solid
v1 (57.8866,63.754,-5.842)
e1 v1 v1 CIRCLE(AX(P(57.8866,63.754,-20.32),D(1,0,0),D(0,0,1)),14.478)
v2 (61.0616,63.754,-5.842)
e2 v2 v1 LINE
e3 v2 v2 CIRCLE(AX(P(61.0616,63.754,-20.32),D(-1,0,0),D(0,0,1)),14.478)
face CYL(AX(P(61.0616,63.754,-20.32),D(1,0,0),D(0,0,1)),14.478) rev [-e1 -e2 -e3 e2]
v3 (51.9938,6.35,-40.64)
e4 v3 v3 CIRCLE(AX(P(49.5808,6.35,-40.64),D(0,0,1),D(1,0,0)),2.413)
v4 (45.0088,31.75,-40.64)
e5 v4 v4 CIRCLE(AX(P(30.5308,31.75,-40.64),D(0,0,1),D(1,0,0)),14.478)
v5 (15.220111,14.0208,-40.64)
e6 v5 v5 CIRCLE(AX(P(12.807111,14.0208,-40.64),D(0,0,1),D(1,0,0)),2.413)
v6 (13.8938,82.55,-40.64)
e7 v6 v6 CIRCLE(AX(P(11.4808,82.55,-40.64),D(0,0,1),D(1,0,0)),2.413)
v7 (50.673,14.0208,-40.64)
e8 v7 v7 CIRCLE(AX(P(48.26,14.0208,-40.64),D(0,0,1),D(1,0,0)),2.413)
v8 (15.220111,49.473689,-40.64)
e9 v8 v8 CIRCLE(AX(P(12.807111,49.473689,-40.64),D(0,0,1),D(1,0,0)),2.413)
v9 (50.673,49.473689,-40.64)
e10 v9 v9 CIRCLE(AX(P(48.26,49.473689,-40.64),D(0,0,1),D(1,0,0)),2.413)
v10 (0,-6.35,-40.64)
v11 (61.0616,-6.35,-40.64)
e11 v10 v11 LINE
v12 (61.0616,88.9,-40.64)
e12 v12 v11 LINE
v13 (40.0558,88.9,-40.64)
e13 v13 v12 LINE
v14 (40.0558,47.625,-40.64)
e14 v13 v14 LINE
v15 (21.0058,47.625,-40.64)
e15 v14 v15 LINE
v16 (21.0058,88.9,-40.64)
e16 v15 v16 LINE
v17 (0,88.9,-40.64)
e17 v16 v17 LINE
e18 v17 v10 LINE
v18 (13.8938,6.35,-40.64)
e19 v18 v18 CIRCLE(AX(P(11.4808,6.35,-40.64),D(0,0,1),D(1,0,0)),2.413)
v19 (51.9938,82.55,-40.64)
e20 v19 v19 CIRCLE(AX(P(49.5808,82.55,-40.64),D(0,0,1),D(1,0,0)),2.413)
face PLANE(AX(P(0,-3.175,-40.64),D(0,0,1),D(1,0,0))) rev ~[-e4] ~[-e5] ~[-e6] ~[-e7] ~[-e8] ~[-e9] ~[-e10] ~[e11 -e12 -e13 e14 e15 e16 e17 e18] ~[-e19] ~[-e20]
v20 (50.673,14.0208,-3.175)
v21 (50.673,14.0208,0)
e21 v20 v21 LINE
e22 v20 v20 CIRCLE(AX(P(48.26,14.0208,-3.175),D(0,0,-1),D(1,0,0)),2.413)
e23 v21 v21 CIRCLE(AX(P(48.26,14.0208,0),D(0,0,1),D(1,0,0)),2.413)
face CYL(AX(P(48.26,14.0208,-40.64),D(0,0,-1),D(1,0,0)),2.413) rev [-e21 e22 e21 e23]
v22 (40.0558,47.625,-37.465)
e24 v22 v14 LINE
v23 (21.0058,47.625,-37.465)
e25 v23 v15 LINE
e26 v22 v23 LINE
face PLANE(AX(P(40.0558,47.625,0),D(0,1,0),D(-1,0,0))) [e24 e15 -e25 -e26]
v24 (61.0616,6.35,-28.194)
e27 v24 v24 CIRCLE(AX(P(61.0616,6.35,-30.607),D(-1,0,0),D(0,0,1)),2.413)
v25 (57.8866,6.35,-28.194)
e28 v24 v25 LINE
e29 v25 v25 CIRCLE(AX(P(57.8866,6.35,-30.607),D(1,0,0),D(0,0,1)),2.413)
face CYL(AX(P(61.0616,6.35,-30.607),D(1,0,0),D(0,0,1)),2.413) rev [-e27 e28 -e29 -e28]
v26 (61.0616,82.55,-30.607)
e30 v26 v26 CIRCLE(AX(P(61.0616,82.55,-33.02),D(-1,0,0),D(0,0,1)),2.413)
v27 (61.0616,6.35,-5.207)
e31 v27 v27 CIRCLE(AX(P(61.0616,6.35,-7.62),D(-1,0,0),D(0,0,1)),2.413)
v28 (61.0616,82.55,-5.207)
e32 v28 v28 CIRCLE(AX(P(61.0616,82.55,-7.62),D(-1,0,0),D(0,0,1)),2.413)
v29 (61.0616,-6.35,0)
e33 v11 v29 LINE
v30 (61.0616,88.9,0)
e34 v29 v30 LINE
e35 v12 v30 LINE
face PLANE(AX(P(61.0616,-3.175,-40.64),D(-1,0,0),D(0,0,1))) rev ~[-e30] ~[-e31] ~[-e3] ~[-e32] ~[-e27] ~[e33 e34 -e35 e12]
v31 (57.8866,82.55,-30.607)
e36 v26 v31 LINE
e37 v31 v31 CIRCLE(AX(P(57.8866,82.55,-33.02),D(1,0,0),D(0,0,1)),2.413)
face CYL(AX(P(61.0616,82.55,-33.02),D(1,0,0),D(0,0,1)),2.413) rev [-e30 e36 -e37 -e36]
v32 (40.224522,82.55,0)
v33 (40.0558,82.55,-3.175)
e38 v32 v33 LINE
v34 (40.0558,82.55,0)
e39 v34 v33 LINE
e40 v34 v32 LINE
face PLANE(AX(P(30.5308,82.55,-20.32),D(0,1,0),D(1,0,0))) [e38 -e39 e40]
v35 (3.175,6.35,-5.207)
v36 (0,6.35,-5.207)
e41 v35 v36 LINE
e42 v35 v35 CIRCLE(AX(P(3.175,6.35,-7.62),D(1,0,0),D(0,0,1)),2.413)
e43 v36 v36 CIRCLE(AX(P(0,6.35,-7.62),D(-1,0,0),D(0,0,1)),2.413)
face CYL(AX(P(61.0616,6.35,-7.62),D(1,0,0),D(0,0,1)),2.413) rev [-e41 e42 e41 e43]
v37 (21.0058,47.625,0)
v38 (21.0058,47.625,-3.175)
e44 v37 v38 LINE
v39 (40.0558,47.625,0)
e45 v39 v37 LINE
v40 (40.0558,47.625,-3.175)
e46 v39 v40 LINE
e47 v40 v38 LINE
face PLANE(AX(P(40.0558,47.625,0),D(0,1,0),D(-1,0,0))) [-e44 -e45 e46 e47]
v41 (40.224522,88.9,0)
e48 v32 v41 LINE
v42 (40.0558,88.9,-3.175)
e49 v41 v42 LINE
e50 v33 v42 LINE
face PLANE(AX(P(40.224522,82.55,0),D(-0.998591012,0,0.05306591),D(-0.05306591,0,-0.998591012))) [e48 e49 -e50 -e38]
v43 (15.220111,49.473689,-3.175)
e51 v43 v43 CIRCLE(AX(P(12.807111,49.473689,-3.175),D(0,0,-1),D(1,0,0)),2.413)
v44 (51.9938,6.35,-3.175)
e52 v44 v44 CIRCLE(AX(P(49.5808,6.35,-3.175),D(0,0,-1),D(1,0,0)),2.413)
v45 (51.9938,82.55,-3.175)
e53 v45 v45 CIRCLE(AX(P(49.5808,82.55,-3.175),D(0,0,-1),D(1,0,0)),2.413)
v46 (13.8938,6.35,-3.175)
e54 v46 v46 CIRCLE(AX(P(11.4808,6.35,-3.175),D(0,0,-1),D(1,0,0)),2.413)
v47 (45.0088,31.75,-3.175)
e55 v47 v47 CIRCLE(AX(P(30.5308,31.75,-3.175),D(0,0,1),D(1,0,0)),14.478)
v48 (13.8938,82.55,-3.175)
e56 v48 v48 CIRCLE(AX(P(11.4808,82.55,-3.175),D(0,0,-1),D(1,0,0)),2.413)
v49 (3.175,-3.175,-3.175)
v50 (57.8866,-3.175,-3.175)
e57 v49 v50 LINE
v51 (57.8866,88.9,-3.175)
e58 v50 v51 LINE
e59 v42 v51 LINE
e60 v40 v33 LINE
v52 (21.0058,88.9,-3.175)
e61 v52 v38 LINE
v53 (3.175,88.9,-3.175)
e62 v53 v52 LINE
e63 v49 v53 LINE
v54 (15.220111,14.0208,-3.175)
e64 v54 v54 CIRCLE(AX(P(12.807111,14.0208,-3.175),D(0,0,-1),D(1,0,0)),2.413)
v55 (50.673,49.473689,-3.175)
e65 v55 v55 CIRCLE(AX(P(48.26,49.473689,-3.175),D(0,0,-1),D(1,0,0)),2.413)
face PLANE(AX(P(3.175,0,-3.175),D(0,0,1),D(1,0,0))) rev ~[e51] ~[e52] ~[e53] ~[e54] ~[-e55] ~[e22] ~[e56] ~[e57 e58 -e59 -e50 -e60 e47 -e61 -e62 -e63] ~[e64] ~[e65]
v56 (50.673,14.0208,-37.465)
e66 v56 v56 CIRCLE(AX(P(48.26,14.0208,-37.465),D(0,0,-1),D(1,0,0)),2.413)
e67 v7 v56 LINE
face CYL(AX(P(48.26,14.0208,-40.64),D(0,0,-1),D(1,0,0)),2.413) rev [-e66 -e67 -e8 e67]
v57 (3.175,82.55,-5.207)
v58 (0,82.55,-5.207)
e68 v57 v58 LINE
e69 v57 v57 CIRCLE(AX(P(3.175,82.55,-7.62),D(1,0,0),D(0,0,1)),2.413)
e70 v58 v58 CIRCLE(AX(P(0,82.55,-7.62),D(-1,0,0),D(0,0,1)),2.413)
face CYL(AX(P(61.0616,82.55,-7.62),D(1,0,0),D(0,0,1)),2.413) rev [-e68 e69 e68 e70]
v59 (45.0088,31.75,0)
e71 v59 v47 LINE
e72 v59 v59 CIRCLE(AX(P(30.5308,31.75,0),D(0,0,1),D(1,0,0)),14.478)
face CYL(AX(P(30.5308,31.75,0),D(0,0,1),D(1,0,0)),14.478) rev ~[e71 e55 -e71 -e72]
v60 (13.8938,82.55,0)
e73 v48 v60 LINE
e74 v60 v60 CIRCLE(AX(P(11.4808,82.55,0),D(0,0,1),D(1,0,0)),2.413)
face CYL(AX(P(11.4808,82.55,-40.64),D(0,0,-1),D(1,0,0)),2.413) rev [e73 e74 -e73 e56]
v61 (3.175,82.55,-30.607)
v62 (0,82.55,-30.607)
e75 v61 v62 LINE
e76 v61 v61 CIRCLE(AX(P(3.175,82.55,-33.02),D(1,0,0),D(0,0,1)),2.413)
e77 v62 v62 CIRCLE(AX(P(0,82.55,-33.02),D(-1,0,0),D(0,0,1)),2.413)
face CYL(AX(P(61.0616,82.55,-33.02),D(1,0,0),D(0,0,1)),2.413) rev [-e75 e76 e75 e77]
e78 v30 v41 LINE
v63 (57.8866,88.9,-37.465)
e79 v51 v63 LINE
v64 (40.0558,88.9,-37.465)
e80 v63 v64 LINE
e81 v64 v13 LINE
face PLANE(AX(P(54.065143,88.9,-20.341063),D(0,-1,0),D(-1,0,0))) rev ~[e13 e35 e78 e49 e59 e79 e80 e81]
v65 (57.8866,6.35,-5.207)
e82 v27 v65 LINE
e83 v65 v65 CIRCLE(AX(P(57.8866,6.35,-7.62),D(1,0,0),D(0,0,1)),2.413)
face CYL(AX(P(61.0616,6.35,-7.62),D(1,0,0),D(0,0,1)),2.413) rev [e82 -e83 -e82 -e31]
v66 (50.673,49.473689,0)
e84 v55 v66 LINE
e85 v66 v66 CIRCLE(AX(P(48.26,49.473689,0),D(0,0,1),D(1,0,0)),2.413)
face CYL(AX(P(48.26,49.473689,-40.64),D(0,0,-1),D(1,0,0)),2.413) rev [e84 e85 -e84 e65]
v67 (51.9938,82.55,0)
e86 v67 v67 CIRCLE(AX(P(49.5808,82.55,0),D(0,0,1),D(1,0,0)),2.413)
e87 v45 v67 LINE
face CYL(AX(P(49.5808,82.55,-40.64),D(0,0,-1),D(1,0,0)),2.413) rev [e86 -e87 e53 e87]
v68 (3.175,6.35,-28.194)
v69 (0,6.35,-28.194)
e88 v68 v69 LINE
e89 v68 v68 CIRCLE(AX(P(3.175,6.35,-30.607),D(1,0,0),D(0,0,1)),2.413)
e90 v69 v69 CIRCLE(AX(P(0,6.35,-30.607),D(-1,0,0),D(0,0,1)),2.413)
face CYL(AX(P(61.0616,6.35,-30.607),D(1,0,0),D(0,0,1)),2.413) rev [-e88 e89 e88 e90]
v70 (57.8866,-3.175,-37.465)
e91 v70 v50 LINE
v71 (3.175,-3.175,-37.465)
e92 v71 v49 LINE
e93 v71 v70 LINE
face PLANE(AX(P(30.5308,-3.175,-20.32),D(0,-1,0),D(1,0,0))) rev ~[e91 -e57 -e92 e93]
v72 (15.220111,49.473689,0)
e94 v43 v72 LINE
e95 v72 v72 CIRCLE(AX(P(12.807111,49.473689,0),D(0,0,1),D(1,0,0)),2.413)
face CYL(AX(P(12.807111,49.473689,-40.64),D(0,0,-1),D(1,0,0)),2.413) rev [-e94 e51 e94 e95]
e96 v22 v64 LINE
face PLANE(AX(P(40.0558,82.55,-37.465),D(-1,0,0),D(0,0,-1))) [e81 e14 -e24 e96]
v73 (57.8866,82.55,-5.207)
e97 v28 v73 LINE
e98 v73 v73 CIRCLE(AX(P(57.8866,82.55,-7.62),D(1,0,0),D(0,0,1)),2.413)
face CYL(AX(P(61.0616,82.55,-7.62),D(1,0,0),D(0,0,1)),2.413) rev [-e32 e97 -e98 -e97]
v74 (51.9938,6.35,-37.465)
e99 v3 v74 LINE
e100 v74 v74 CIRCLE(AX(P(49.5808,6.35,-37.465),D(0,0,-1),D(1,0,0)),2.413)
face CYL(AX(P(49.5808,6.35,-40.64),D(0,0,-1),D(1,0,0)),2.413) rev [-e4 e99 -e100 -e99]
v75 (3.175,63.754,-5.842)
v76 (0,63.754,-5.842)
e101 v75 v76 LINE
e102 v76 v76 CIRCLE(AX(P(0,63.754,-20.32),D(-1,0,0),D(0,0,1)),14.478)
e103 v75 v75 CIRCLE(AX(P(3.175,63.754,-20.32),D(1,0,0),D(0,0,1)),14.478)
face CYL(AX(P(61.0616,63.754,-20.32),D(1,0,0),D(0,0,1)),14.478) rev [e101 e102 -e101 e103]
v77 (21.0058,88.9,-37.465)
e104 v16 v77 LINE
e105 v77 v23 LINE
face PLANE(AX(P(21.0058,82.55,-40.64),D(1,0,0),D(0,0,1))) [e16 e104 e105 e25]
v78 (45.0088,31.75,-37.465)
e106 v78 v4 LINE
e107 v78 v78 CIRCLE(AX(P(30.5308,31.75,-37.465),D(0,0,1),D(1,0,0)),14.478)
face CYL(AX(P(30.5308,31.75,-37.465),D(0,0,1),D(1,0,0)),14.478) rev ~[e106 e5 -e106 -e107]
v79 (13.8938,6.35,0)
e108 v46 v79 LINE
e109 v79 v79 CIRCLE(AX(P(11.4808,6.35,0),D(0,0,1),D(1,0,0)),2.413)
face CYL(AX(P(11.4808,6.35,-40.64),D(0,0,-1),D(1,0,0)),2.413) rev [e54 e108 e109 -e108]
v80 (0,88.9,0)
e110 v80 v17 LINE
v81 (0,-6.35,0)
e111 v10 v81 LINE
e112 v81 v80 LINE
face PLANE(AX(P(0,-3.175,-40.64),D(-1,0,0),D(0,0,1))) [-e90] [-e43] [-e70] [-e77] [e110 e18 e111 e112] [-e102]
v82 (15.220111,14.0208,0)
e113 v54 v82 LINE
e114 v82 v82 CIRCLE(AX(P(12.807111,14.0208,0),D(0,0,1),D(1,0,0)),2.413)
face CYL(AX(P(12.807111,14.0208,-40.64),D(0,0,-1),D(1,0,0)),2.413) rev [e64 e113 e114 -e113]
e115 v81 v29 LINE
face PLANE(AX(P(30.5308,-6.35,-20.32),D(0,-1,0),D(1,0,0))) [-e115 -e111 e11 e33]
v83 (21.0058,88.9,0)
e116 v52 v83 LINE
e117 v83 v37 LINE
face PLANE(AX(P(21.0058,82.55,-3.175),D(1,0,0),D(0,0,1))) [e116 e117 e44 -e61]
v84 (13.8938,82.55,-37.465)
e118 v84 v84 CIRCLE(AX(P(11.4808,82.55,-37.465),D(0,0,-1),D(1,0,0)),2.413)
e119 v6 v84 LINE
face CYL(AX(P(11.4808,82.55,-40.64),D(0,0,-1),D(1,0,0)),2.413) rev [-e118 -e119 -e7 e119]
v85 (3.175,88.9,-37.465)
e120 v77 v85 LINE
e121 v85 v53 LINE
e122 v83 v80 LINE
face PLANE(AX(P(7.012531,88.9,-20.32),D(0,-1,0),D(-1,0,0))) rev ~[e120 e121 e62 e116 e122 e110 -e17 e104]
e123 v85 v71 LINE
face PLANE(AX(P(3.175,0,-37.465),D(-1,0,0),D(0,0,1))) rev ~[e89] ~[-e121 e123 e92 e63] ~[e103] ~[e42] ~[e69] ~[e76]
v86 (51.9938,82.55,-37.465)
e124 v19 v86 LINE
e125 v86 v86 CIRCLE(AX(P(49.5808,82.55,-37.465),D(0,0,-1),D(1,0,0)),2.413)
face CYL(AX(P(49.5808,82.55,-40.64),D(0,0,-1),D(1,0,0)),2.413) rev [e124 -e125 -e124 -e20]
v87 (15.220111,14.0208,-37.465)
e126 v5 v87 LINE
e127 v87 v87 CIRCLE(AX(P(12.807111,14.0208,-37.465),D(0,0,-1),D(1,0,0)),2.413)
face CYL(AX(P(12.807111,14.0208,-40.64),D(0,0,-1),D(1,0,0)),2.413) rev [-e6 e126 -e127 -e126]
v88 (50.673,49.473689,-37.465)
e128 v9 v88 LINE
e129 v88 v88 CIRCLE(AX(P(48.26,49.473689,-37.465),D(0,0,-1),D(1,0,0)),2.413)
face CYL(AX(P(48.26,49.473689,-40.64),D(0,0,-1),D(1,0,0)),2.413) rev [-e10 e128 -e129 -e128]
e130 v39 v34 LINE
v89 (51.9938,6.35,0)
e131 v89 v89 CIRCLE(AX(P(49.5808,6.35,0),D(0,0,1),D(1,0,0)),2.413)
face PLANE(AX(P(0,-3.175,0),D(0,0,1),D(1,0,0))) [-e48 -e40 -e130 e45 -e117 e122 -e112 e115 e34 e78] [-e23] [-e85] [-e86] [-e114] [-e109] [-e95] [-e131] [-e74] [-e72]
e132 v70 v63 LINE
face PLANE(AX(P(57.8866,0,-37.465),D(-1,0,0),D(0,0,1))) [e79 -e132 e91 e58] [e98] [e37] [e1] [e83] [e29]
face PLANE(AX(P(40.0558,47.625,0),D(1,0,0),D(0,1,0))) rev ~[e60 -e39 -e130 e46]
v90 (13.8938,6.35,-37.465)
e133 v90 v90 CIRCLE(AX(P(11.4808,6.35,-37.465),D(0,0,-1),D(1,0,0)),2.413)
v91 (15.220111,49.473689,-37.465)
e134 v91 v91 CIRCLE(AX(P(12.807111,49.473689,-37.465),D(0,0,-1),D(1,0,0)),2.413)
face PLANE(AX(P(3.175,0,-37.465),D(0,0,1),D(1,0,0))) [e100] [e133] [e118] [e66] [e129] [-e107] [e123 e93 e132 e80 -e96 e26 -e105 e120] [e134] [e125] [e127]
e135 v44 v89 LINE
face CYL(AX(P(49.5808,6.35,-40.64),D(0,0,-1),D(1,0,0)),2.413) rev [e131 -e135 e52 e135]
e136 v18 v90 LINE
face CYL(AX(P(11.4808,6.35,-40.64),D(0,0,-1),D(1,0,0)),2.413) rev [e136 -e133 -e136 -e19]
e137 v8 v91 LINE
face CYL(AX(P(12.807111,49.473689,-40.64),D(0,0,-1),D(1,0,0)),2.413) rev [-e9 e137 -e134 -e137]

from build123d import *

# Parameters (mm, degrees)
SKETCH1_W           = 61.0616
SKETCH1_H           = 40.64
BOSS_EXTRUDE1_DEPTH = 82.55
SKETCH13_W          = 54.7116
SKETCH13_H          = 34.29
CUT_EXTRUDE1_DEPTH  = 82.55
SKETCH15_R          = 14.478
CUT_EXTRUDE2_DEPTH  = 3.175
CUT_EXTRUDE3_START  = -37.465
SKETCH16_R          = 14.478
CUT_EXTRUDE3_DEPTH  = 3.175
CUT_EXTRUDE4_START  = -61.0616
SKETCH18_R          = 14.478
CUT_EXTRUDE4_DEPTH  = 61.0616
CUT_EXTRUDE5_START  = -40.64
SKETCH19_W          = 19.05
SKETCH19_H          = 34.925
CUT_EXTRUDE5_DEPTH  = 40.64
CUT_EXTRUDE6_START  = -40.64
SKETCH20_R          = 2.413
CUT_EXTRUDE6_DEPTH  = 40.64
CUT_EXTRUDE7_START  = -40.64
SKETCH21_R          = 2.413
CUT_EXTRUDE7_DEPTH  = 40.64
CUT_EXTRUDE8_START  = -40.64
SKETCH24_R          = 2.413
CUT_EXTRUDE8_DEPTH  = 40.64
CUT_EXTRUDE9_START  = -40.64
SKETCH25_R          = 2.413
CUT_EXTRUDE9_DEPTH  = 40.64
BOSS_EXTRUDE2_DEPTH = 6.35
BOSS_EXTRUDE3_DEPTH = 6.35
SKETCH53_W          = 61.0616
SKETCH53_H          = 40.64
SKETCH53_W_2        = 54.7116
SKETCH53_H_2        = 34.29
BOSS_EXTRUDE5_DEPTH = 3.175
SKETCH54_W          = 61.0616
SKETCH54_H          = 40.64
BOSS_EXTRUDE6_DEPTH = 3.175
CUT_EXTRUDE14_START = -40.64
SKETCH45_R          = 2.413
CUT_EXTRUDE14_DEPTH = 40.64
CUT_EXTRUDE18_START = -40.64
SKETCH59_R          = 2.413
CUT_EXTRUDE18_DEPTH = 40.64
CUT_EXTRUDE19_START = -40.64
SKETCH60_R          = 2.413
CUT_EXTRUDE19_DEPTH = 40.64
CUT_EXTRUDE20_START = -40.64
SKETCH61_R          = 2.413
CUT_EXTRUDE20_DEPTH = 40.64
CUT_EXTRUDE21_START = -61.0616
SKETCH63_R          = 2.413
CUT_EXTRUDE21_DEPTH = 61.0616
CUT_EXTRUDE22_START = -61.0616
SKETCH64_R          = 2.413
CUT_EXTRUDE22_DEPTH = 61.0616
CUT_EXTRUDE23_START = -61.0616
SKETCH65_R          = 2.413
CUT_EXTRUDE23_DEPTH = 61.0616
CUT_EXTRUDE24_START = -61.0616
SKETCH66_R          = 2.413
CUT_EXTRUDE24_DEPTH = 61.0616


with BuildPart() as part:
    # Sketch1 → Boss-Extrude1 (new body)
    with BuildSketch(Plane(origin=(0, 0, 0), x_dir=(1, 0, 0), z_dir=(0, 1, 0))):
        with Locations((30.5308, 20.32)):
            Rectangle(SKETCH1_W, SKETCH1_H)
    extrude(amount=BOSS_EXTRUDE1_DEPTH)

    # Sketch13 → Cut-Extrude1 (cut)
    with BuildSketch(Plane(origin=(0, 82.55, 0), x_dir=(1, 0, 0), z_dir=(0, 1, 0))):
        with Locations((30.5308, 20.32)):
            Rectangle(SKETCH13_W, SKETCH13_H)
    extrude(amount=-CUT_EXTRUDE1_DEPTH, mode=Mode.SUBTRACT)

    # Sketch15 → Cut-Extrude2 (cut)
    with BuildSketch(Plane.XY):
        with Locations((30.5308, 31.75)):
            Circle(SKETCH15_R)
    extrude(amount=-CUT_EXTRUDE2_DEPTH, mode=Mode.SUBTRACT)

    # Sketch16 → Cut-Extrude3 (cut)
    with BuildSketch(Plane.XY.offset(CUT_EXTRUDE3_START)):
        with Locations((30.5308, 31.75)):
            Circle(SKETCH16_R)
    extrude(amount=-CUT_EXTRUDE3_DEPTH, mode=Mode.SUBTRACT)

    # Sketch18 → Cut-Extrude4 (cut)
    with BuildSketch(Plane.ZY.offset(CUT_EXTRUDE4_START)):
        with Locations((-20.32, 63.754)):
            Circle(SKETCH18_R)
    extrude(amount=CUT_EXTRUDE4_DEPTH, mode=Mode.SUBTRACT)

    # Sketch19 → Cut-Extrude5 (cut)
    with BuildSketch(Plane(origin=(0, 0, -40.64), x_dir=(-1, 0, 0), z_dir=(0, 0, -1)).offset(CUT_EXTRUDE5_START)):
        with Locations((-30.5308, 65.0875)):
            Rectangle(SKETCH19_W, SKETCH19_H)
    extrude(amount=CUT_EXTRUDE5_DEPTH, mode=Mode.SUBTRACT)

    # Sketch20 → Cut-Extrude6 (cut)
    with BuildSketch(Plane.XY.offset(CUT_EXTRUDE6_START)):
        with Locations((48.26, 14.0208)):
            Circle(SKETCH20_R)
    extrude(amount=CUT_EXTRUDE6_DEPTH, mode=Mode.SUBTRACT)

    # Sketch21 → Cut-Extrude7 (cut)
    with BuildSketch(Plane.XY.offset(CUT_EXTRUDE7_START)):
        with Locations((48.26, 49.473689268)):
            Circle(SKETCH21_R)
    extrude(amount=CUT_EXTRUDE7_DEPTH, mode=Mode.SUBTRACT)

    # Sketch24 → Cut-Extrude8 (cut)
    with BuildSketch(Plane.XY.offset(CUT_EXTRUDE8_START)):
        with Locations((12.807110732, 49.473689268)):
            Circle(SKETCH24_R)
    extrude(amount=CUT_EXTRUDE8_DEPTH, mode=Mode.SUBTRACT)

    # Sketch25 → Cut-Extrude9 (cut)
    with BuildSketch(Plane.XY.offset(CUT_EXTRUDE9_START)):
        with Locations((12.807110732, 14.0208)):
            Circle(SKETCH25_R)
    extrude(amount=CUT_EXTRUDE9_DEPTH, mode=Mode.SUBTRACT)

    # Sketch47 → Boss-Extrude2 (add)
    with BuildSketch(Plane(origin=(0, 82.55, 0), x_dir=(1, 0, 0), z_dir=(0, 1, 0))):
        Polygon((21.0058, 40.64), (21.0058, 37.465), (3.175, 37.465), (3.175, 3.175), (21.0058, 3.175), (21.0058, 0), (0, 0), (0, 40.64), (20.248497821, 40.64), align=None)
    extrude(amount=BOSS_EXTRUDE2_DEPTH)

    # Sketch49 → Boss-Extrude3 (add)
    with BuildSketch(Plane(origin=(0, 82.55, 0), x_dir=(1, 0, 0), z_dir=(0, 1, 0))):
        Polygon((40.0558, 37.465), (40.0558, 40.64), (61.0616, 40.64), (61.0616, 0), (40.224521991, 0), (40.0558, 3.175), (57.8866, 3.175), (57.8866, 37.465), align=None)
    extrude(amount=BOSS_EXTRUDE3_DEPTH)

    # Sketch53 → Boss-Extrude5 (add)
    with BuildSketch(Plane.XZ):
        with Locations((30.5308, -20.32)):
            Rectangle(SKETCH53_W, SKETCH53_H)
        with Locations((30.5308, -20.32)):
            Rectangle(SKETCH53_W_2, SKETCH53_H_2, mode=Mode.SUBTRACT)
    extrude(amount=BOSS_EXTRUDE5_DEPTH)

    # Sketch54 → Boss-Extrude6 (add)
    with BuildSketch(Plane.XZ.offset(3.175)):
        with Locations((30.5308, -20.32)):
            Rectangle(SKETCH54_W, SKETCH54_H)
    extrude(amount=BOSS_EXTRUDE6_DEPTH)

    # Sketch45 → Cut-Extrude14 (cut)
    with BuildSketch(Plane.XY.offset(CUT_EXTRUDE14_START)):
        with Locations((49.5808, 6.35)):
            Circle(SKETCH45_R)
    extrude(amount=CUT_EXTRUDE14_DEPTH, mode=Mode.SUBTRACT)

    # Sketch59 → Cut-Extrude18 (cut)
    with BuildSketch(Plane.XY.offset(CUT_EXTRUDE18_START)):
        with Locations((49.5808, 82.55)):
            Circle(SKETCH59_R)
    extrude(amount=CUT_EXTRUDE18_DEPTH, mode=Mode.SUBTRACT)

    # Sketch60 → Cut-Extrude19 (cut)
    with BuildSketch(Plane.XY.offset(CUT_EXTRUDE19_START)):
        with Locations((11.4808, 6.35)):
            Circle(SKETCH60_R)
    extrude(amount=CUT_EXTRUDE19_DEPTH, mode=Mode.SUBTRACT)

    # Sketch61 → Cut-Extrude20 (cut)
    with BuildSketch(Plane.XY.offset(CUT_EXTRUDE20_START)):
        with Locations((11.4808, 82.55)):
            Circle(SKETCH61_R)
    extrude(amount=CUT_EXTRUDE20_DEPTH, mode=Mode.SUBTRACT)

    # Sketch63 → Cut-Extrude21 (cut)
    with BuildSketch(Plane.ZY.offset(CUT_EXTRUDE21_START)):
        with Locations((-33.02, 82.55)):
            Circle(SKETCH63_R)
    extrude(amount=CUT_EXTRUDE21_DEPTH, mode=Mode.SUBTRACT)

    # Sketch64 → Cut-Extrude22 (cut)
    with BuildSketch(Plane.ZY.offset(CUT_EXTRUDE22_START)):
        with Locations((-7.62, 82.55)):
            Circle(SKETCH64_R)
    extrude(amount=CUT_EXTRUDE22_DEPTH, mode=Mode.SUBTRACT)

    # Sketch65 → Cut-Extrude23 (cut)
    with BuildSketch(Plane.ZY.offset(CUT_EXTRUDE23_START)):
        with Locations((-30.607, 6.35)):
            Circle(SKETCH65_R)
    extrude(amount=CUT_EXTRUDE23_DEPTH, mode=Mode.SUBTRACT)

    # Sketch66 → Cut-Extrude24 (cut)
    with BuildSketch(Plane.ZY.offset(CUT_EXTRUDE24_START)):
        with Locations((-7.62, 6.35)):
            Circle(SKETCH66_R)
    extrude(amount=CUT_EXTRUDE24_DEPTH, mode=Mode.SUBTRACT)


solid = part.part
